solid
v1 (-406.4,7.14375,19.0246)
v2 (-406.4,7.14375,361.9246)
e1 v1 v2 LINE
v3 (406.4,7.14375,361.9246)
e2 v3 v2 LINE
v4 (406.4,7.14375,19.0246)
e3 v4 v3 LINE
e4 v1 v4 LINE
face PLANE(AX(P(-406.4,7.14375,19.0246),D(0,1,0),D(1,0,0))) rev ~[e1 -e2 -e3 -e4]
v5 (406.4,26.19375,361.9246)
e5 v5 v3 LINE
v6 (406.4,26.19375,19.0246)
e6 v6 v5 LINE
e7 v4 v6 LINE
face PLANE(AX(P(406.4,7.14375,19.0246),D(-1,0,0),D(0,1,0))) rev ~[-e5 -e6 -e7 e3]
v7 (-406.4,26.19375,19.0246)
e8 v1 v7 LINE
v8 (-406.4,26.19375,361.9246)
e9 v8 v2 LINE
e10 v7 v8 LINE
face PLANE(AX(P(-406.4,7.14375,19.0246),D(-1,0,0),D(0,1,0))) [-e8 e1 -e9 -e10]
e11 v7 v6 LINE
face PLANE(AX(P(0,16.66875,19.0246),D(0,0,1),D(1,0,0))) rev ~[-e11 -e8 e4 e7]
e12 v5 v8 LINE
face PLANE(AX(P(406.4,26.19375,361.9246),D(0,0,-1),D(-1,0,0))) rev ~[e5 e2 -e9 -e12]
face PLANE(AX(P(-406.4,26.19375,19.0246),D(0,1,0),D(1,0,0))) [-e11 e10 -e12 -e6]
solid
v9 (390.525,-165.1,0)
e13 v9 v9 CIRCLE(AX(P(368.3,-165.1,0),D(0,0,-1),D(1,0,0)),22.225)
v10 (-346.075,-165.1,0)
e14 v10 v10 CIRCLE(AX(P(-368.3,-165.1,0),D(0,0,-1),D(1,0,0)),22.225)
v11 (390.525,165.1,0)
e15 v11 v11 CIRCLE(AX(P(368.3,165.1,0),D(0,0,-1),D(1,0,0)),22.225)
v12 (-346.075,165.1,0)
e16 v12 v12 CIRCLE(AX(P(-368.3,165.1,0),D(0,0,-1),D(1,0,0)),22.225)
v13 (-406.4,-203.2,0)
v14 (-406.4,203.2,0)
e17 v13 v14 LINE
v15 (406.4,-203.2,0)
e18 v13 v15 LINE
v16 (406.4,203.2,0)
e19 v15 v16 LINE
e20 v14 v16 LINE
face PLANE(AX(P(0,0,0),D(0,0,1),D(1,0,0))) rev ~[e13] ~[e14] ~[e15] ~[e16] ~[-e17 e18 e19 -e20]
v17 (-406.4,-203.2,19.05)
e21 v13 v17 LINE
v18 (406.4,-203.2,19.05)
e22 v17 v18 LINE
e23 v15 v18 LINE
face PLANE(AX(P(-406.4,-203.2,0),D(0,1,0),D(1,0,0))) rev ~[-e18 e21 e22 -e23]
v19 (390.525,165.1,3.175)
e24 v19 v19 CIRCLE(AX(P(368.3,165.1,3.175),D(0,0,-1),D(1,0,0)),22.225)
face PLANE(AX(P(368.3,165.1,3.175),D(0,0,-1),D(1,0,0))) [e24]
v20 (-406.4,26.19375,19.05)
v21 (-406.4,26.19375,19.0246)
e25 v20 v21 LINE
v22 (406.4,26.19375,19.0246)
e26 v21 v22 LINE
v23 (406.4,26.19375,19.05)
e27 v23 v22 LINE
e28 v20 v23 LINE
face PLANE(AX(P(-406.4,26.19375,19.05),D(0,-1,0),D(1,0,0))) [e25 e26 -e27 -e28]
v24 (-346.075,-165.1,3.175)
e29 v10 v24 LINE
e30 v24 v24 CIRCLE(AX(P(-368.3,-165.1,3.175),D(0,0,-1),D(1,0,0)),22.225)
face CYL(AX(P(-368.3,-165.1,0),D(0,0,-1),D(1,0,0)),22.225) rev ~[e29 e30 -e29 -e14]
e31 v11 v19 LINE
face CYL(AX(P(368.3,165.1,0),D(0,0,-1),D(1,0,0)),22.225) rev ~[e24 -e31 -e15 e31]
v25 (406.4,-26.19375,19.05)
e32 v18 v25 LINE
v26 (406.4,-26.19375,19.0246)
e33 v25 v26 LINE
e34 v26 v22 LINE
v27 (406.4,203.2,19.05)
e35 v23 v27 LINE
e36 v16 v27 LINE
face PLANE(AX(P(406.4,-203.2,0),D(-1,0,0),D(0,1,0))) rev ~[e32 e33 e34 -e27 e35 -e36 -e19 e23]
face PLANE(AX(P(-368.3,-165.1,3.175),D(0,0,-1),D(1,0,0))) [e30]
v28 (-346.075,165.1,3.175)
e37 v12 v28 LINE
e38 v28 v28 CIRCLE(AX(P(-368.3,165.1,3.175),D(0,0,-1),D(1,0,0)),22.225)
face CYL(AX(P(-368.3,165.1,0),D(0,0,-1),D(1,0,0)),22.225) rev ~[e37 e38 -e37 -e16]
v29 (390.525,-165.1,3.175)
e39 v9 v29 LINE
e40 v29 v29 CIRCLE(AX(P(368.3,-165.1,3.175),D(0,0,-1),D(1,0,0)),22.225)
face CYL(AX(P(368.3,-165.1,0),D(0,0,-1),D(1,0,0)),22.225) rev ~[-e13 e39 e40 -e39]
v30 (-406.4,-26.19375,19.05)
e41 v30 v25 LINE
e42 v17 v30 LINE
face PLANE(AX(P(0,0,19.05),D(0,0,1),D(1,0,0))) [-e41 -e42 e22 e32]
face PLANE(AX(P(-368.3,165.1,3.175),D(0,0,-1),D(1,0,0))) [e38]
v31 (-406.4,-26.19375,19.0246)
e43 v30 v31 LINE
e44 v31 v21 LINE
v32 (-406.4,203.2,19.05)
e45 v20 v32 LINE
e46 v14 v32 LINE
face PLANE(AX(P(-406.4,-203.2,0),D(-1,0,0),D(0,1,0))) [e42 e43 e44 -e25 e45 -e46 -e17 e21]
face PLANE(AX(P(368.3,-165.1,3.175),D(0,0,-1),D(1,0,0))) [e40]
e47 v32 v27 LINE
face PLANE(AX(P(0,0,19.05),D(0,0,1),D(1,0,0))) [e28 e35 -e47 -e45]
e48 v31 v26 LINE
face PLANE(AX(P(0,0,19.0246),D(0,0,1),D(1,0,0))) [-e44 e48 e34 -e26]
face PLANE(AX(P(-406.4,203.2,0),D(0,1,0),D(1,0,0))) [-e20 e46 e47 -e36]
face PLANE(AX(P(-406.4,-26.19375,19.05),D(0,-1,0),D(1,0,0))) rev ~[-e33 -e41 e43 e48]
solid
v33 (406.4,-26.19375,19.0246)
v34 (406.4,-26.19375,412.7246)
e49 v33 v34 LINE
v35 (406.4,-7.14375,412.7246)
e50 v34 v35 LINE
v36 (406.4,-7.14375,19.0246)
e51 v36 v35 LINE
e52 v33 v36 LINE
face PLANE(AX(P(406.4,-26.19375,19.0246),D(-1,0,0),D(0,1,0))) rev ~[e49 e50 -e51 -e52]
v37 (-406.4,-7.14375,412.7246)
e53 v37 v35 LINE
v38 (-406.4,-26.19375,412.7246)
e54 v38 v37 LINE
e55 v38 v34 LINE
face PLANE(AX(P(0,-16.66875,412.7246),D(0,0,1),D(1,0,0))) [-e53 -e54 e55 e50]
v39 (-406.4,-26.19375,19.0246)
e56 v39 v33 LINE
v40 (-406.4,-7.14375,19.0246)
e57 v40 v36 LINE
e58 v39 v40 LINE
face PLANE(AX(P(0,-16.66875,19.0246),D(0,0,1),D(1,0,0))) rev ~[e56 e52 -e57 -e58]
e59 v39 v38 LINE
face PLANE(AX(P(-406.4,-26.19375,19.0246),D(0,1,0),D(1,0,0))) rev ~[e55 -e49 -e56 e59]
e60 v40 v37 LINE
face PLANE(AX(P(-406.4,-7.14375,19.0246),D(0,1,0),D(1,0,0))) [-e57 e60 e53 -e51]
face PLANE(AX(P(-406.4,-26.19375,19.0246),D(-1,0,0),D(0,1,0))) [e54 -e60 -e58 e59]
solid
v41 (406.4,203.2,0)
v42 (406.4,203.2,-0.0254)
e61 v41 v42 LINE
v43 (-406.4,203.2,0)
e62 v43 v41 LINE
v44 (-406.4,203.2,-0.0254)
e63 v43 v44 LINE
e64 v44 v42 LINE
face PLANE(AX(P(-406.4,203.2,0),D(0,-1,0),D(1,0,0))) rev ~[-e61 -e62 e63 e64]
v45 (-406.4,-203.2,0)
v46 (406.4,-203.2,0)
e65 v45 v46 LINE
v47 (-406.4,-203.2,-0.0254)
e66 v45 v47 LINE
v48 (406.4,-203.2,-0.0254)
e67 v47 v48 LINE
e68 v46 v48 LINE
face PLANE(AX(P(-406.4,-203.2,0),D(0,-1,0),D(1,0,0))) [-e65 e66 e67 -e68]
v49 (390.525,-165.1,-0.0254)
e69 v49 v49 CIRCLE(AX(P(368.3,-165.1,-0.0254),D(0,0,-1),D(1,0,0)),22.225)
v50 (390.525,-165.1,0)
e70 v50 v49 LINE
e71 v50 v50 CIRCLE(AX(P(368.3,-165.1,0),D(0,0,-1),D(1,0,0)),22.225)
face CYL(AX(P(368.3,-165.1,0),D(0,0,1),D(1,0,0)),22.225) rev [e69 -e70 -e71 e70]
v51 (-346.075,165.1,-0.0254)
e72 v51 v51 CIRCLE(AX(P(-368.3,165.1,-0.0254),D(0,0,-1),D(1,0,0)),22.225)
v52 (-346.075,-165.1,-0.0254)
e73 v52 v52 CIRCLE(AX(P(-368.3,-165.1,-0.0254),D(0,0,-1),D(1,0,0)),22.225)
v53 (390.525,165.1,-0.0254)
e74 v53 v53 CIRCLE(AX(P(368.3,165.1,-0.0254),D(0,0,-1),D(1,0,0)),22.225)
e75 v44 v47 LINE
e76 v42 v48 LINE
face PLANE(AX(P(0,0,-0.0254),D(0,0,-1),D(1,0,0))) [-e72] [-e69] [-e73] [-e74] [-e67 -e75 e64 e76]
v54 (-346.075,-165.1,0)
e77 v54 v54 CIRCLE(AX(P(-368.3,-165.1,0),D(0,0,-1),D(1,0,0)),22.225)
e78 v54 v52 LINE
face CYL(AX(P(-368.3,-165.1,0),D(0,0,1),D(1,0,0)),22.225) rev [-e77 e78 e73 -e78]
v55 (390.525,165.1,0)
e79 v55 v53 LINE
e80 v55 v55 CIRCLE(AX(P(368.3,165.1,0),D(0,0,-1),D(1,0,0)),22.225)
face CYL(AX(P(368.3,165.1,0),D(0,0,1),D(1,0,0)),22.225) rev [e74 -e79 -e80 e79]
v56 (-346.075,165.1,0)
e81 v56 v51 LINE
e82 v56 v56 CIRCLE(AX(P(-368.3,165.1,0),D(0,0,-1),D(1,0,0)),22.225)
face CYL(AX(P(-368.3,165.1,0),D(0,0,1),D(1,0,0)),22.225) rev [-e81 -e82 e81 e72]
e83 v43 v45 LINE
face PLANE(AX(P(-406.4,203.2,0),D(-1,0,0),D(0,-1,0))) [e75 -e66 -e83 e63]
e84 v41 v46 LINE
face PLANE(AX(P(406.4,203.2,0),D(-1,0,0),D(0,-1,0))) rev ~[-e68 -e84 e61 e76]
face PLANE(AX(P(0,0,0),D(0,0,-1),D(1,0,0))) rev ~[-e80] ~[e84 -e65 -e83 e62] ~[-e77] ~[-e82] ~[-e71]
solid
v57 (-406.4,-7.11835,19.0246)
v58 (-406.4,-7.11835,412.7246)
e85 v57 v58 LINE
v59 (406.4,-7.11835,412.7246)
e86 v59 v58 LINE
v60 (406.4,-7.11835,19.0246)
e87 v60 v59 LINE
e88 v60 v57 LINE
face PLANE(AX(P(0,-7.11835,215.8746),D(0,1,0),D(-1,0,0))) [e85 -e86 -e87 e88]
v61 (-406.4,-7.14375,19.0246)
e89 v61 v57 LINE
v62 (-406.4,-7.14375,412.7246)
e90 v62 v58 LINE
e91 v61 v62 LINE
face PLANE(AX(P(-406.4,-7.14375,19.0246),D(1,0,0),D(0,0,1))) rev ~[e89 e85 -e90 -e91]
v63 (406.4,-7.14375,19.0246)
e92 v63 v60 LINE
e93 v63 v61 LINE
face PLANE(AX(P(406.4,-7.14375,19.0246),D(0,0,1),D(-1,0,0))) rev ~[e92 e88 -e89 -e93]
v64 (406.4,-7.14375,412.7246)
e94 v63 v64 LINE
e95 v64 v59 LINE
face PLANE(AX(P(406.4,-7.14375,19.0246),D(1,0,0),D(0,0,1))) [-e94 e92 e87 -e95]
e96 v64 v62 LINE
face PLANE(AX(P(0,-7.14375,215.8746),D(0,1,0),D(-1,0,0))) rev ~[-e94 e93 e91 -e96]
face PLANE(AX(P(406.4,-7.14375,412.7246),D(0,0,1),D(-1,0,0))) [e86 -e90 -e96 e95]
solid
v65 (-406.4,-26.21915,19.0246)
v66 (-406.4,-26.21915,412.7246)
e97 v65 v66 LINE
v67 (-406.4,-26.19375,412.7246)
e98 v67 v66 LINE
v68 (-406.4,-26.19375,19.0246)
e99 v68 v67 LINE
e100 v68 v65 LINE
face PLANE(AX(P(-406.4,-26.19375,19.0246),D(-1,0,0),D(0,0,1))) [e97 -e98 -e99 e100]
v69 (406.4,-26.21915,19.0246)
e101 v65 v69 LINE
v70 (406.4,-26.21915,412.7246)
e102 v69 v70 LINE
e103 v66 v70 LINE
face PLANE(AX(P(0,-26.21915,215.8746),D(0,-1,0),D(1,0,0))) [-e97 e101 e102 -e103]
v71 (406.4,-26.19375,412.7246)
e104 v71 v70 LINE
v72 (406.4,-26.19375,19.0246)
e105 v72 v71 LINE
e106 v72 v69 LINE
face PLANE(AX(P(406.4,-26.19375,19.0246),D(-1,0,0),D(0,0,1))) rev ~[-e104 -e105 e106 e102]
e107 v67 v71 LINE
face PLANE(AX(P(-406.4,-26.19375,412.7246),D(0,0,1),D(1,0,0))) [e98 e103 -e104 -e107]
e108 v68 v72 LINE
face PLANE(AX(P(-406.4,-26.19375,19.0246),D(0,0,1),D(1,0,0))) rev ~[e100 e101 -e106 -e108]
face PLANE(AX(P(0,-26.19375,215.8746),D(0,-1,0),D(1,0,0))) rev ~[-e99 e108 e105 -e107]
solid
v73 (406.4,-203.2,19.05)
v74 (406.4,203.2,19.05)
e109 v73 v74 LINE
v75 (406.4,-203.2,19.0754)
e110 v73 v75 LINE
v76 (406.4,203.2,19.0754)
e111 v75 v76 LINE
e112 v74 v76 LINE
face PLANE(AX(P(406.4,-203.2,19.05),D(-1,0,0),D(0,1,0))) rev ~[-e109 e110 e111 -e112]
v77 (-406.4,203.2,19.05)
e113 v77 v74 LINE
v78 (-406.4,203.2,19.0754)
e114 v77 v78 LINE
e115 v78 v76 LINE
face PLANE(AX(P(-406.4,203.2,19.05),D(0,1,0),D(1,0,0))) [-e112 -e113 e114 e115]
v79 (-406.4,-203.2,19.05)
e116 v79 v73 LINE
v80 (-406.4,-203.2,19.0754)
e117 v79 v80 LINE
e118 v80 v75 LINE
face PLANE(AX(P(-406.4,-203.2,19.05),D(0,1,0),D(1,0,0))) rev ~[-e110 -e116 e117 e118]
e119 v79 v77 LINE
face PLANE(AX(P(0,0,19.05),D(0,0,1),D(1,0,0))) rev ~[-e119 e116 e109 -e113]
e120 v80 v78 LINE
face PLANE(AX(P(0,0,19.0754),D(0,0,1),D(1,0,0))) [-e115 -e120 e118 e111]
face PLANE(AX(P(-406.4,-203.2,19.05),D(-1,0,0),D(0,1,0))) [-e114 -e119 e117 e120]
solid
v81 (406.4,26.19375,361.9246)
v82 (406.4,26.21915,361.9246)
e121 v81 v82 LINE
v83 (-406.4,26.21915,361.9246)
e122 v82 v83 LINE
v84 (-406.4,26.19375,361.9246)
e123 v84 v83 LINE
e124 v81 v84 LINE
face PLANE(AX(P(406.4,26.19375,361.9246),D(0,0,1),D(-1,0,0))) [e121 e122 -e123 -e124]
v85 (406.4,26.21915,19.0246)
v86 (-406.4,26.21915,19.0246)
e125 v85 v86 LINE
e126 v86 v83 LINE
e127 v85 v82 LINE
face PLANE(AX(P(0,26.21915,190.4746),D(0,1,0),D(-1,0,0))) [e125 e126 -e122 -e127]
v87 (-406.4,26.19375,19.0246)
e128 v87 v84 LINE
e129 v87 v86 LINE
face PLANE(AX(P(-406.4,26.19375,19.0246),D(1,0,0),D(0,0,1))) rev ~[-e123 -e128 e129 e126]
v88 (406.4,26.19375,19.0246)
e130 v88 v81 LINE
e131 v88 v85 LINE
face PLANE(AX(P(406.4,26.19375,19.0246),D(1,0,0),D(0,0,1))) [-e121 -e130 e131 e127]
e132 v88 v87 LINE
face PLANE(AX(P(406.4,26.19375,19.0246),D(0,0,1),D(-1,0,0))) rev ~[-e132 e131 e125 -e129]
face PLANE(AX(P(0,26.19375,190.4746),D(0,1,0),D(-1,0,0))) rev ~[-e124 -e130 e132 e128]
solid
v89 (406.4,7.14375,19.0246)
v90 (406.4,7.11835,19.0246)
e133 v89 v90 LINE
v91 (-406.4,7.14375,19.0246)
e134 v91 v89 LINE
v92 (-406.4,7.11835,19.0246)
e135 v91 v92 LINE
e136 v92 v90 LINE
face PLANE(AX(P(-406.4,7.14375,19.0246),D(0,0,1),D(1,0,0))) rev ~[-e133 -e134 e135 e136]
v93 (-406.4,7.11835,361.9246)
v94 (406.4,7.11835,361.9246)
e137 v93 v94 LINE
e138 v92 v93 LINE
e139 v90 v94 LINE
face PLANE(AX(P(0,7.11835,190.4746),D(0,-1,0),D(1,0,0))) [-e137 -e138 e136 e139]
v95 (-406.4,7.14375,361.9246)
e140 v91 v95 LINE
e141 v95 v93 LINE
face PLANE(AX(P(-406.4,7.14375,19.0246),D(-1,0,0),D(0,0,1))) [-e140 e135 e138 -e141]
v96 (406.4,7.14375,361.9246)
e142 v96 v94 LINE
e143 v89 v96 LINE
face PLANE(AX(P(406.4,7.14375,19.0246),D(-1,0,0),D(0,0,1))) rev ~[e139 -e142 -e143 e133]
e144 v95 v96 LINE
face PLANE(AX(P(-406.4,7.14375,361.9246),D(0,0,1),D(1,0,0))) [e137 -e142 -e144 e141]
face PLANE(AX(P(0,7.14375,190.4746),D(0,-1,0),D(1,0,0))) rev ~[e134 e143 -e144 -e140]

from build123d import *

# Parameters (mm, degrees)
F0_W      = 812.8
F0_H      = 406.4
F1_DEPTH  = 19.05
F2_W      = 812.8
F2_H      = 52.3875
F3_DEPTH  = 0.0254
F4_W      = 812.8
F4_H      = 19.05
F5_DEPTH  = 393.7
F6_W      = 812.8
F6_H      = 50.8
F7_DEPTH  = 19.05
F8_W      = 812.8
F8_H      = 342.9
F9_DEPTH  = 0.0254
F10_W     = 812.8
F10_H     = 342.9
F11_DEPTH = 0.0254
F12_W     = 812.8
F12_H     = 393.7
F13_DEPTH = 0.0254
F14_W     = 812.8
F14_H     = 393.7
F15_DEPTH = 0.0254
F16_W     = 812.8
F16_H     = 406.4
F17_DEPTH = 0.0254
F18_R     = 22.225
F19_DEPTH = 3.175
F20_W     = 812.8
F20_H     = 406.4
F20_R     = 22.225
F21_DEPTH = 0.0254


with BuildPart() as f1:
    # F0 (on Top) → F1 (new body)
    with BuildSketch(Plane.XY):
        Rectangle(F0_W, F0_H)
    extrude(amount=F1_DEPTH)

    # F2 (on face) → F3 (cut)
    with BuildSketch(Plane.XY.offset(19.05)):
        Rectangle(F2_W, F2_H)
    extrude(amount=-F3_DEPTH, mode=Mode.SUBTRACT)

    # F18 (on face) → F19 (cut)
    with BuildSketch(Plane(origin=(0, 0, 0), x_dir=(1, 0, 0), z_dir=(0, 0, -1))):
        with Locations((-368.3, 165.1)):
            Circle(F18_R)
        with Locations((-368.3, -165.1)):
            Circle(F18_R)
        with Locations((368.3, -165.1)):
            Circle(F18_R)
        with Locations((368.3, 165.1)):
            Circle(F18_R)
    extrude(amount=-F19_DEPTH, mode=Mode.SUBTRACT)


with BuildPart() as f5:
    # F4 (on face) → F5 (new body)
    with BuildSketch(Plane.XY.offset(19.0246)):
        with Locations((0, -16.66875)):
            Rectangle(F4_W, F4_H)
        with Locations((0, 16.66875)):
            Rectangle(F4_W, F4_H)
    extrude(amount=F5_DEPTH)

    # F6 (on face) → F7 (cut, through all)
    with BuildSketch(Plane(origin=(0, 26.19375, 0), x_dir=(-1, 0, 0), z_dir=(0, 1, 0))):
        with Locations((0, 387.3246)):
            Rectangle(F6_W, F6_H)
    extrude(amount=-F7_DEPTH, mode=Mode.SUBTRACT)


with BuildPart() as f9:
    # F8 (on face) → F9 (new body)
    with BuildSketch(Plane(origin=(0, 26.19375, 0), x_dir=(-1, 0, 0), z_dir=(0, 1, 0))):
        with Locations((0, 190.4746)):
            Rectangle(F8_W, F8_H)
    extrude(amount=F9_DEPTH)


with BuildPart() as f11:
    # F10 (on face) → F11 (new body)
    with BuildSketch(Plane.XZ.offset(-7.14375)):
        with Locations((0, 190.4746)):
            Rectangle(F10_W, F10_H)
    extrude(amount=F11_DEPTH)


with BuildPart() as f13:
    # F12 (on face) → F13 (new body)
    with BuildSketch(Plane(origin=(0, -7.14375, 0), x_dir=(-1, 0, 0), z_dir=(0, 1, 0))):
        with Locations((0, 215.8746)):
            Rectangle(F12_W, F12_H)
    extrude(amount=F13_DEPTH)


with BuildPart() as f15:
    # F14 (on face) → F15 (new body)
    with BuildSketch(Plane.XZ.offset(26.19375)):
        with Locations((0, 215.8746)):
            Rectangle(F14_W, F14_H)
    extrude(amount=F15_DEPTH)


with BuildPart() as f17:
    # F16 (on face) → F17 (new body)
    with BuildSketch(Plane.XY.offset(19.05)):
        Rectangle(F16_W, F16_H)
    extrude(amount=F17_DEPTH)


with BuildPart() as f21:
    # F20 (on face) → F21 (new body)
    with BuildSketch(Plane(origin=(0, 0, 0), x_dir=(1, 0, 0), z_dir=(0, 0, -1))):
        Rectangle(F20_W, F20_H)
        with Locations((-368.3, -165.1)):
            Circle(F20_R, mode=Mode.SUBTRACT)
        with Locations((368.3, -165.1)):
            Circle(F20_R, mode=Mode.SUBTRACT)
        with Locations((-368.3, 165.1)):
            Circle(F20_R, mode=Mode.SUBTRACT)
        with Locations((368.3, 165.1)):
            Circle(F20_R, mode=Mode.SUBTRACT)
    extrude(amount=F21_DEPTH)


solid = Compound([f1.part, f5.part, f9.part, f11.part, f13.part, f15.part, f17.part, f21.part])
